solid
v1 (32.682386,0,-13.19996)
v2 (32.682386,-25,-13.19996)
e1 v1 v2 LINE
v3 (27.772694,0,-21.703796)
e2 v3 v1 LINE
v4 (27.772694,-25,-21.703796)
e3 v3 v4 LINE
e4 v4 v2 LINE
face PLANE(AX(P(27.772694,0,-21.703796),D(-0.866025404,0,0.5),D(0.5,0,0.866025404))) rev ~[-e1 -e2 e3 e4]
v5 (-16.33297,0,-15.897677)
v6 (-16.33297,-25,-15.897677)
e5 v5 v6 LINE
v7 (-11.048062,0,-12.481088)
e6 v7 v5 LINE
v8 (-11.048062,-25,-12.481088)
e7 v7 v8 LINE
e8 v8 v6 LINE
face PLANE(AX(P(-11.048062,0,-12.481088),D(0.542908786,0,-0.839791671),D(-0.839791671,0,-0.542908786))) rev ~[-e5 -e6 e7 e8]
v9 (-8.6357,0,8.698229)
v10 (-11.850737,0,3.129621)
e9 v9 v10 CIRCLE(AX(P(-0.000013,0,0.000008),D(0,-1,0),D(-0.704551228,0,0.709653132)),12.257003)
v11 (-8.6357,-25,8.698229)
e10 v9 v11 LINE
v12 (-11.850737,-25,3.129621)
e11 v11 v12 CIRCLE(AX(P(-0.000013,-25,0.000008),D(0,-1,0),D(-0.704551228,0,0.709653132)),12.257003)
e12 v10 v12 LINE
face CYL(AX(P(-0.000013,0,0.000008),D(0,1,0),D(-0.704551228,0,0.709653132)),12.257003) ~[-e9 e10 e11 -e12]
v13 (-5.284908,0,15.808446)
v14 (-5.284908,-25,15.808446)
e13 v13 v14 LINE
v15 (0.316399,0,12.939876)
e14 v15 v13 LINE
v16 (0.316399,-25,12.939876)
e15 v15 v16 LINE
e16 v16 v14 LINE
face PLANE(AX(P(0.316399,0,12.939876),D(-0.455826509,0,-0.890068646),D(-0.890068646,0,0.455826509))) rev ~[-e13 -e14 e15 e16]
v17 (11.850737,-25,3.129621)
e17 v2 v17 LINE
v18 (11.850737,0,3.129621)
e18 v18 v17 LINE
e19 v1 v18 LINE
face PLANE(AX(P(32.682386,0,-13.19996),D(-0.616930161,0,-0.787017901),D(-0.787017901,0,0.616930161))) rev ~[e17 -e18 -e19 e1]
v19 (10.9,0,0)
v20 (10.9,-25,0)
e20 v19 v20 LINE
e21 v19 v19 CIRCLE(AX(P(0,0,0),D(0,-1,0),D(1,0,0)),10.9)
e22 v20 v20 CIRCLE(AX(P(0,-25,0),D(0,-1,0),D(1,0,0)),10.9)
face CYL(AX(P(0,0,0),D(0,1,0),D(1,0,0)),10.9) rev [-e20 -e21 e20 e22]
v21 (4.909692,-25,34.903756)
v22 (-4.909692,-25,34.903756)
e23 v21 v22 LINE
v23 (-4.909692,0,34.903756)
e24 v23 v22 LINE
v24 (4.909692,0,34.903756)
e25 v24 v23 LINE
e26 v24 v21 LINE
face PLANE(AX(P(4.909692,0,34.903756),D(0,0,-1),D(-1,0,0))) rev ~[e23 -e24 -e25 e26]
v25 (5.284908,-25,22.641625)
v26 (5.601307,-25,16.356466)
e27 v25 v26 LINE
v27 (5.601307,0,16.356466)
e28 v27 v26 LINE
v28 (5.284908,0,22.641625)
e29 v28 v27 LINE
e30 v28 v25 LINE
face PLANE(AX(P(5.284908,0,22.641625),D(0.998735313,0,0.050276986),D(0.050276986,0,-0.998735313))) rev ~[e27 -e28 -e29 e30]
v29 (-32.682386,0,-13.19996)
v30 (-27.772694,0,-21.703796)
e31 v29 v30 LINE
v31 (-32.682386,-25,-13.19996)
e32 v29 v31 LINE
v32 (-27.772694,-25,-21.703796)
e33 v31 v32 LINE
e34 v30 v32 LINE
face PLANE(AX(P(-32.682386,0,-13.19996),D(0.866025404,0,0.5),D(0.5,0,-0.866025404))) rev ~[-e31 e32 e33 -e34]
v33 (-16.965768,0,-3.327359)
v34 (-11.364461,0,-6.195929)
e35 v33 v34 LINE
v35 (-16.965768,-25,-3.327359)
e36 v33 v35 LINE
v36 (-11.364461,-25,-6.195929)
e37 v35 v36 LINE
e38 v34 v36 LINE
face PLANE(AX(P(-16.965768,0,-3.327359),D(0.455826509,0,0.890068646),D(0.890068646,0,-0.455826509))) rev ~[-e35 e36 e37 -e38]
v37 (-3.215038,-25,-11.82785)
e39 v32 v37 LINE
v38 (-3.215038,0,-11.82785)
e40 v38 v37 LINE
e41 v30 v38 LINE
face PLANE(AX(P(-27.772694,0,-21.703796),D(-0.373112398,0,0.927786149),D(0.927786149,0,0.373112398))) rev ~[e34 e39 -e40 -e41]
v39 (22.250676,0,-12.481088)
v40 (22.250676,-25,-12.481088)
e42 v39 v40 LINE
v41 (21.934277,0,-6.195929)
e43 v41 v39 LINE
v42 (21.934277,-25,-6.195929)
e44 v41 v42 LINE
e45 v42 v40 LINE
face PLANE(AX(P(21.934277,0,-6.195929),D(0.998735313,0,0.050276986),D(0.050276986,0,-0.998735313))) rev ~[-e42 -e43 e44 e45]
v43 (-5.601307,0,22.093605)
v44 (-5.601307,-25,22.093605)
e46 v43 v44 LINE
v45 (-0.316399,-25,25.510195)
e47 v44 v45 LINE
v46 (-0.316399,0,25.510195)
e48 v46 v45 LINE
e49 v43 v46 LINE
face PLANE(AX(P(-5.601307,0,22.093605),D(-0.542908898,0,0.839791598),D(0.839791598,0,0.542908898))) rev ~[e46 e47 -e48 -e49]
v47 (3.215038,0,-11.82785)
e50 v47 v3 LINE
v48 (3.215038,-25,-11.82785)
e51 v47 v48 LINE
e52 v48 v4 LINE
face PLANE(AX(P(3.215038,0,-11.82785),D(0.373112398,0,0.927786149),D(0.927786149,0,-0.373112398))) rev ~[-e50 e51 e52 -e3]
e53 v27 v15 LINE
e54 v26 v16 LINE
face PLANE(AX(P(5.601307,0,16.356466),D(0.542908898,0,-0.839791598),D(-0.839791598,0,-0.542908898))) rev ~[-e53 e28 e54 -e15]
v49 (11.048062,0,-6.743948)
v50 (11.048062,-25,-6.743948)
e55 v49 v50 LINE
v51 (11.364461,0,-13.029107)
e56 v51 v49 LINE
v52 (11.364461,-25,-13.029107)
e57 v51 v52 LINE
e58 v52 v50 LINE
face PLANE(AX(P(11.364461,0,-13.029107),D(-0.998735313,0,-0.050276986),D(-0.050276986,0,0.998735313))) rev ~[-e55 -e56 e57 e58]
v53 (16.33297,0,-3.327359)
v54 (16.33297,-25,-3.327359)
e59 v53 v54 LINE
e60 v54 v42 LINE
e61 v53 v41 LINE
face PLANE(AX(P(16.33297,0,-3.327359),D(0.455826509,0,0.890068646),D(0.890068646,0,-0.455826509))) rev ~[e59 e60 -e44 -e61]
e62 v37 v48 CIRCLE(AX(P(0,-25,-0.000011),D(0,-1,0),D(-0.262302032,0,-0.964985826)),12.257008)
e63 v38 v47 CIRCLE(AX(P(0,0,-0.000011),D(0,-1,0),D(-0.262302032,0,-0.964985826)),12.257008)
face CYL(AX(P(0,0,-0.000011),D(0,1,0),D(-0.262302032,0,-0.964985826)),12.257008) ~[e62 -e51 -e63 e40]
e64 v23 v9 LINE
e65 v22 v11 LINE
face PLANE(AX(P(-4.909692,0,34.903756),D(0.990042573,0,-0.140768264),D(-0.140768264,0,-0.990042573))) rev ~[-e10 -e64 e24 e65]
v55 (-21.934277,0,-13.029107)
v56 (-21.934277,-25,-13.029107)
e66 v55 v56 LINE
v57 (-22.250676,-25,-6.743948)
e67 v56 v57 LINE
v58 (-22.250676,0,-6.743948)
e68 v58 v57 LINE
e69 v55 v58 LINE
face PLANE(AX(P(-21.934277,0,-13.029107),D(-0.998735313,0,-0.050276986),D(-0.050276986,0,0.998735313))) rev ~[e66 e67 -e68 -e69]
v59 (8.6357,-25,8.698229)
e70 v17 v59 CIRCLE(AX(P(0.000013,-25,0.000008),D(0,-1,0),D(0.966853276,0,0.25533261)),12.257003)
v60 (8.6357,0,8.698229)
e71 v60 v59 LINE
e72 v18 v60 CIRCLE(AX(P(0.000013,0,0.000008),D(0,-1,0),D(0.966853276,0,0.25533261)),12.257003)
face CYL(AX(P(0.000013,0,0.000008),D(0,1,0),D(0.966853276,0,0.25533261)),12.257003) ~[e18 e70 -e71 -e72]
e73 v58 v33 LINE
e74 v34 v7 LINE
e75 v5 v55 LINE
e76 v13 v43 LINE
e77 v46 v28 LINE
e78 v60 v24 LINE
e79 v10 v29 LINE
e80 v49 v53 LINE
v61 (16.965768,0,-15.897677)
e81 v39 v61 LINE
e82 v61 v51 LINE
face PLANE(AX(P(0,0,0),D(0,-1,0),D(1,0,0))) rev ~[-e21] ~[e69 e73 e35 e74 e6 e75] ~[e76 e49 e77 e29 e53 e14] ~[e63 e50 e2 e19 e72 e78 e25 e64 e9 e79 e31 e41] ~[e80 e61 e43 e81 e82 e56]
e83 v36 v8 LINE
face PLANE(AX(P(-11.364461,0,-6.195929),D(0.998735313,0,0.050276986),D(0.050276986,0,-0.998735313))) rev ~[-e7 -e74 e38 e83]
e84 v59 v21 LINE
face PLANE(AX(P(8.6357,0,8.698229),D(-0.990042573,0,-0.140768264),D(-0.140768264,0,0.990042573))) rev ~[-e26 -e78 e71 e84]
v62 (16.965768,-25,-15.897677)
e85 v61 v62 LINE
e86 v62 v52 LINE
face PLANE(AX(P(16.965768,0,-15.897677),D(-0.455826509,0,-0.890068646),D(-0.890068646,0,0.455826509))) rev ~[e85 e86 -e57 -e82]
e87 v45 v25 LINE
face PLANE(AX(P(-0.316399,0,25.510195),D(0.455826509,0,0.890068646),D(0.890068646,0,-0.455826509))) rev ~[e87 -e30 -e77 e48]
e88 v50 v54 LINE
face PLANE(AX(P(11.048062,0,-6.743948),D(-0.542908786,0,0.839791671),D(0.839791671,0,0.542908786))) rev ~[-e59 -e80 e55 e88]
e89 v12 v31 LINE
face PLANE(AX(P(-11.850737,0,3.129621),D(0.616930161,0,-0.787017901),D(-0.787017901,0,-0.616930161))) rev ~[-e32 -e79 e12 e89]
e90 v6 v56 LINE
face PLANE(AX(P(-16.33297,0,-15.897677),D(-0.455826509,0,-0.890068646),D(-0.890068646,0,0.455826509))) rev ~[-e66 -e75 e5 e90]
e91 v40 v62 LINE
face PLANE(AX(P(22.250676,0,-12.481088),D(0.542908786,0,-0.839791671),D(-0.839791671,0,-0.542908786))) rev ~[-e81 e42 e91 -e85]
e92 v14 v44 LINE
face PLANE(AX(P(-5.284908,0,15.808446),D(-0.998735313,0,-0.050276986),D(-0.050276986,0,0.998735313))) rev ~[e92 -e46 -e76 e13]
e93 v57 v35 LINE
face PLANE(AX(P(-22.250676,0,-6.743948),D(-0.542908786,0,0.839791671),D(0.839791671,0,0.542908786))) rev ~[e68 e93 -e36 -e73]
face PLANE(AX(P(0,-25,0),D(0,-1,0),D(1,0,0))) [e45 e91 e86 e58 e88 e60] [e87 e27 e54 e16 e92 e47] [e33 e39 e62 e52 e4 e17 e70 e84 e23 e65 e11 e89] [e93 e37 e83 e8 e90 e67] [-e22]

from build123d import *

# Parameters (mm, degrees)
F0_R     = 10.9
F1_DEPTH = 25


with BuildPart() as f1:
    # F0 (on Front) → F1 (new body)
    with BuildSketch(Plane.XZ):
        with BuildLine():
            Line((-4.909692, 34.903756), (-8.6357, 8.698229))
            ThreePointArc((-8.6357, 8.698229), (-10.61489, 6.128509), (-11.850737, 3.129621))
            Line((-11.850737, 3.129621), (-32.682386, -13.19996))
            Line((-32.682386, -13.19996), (-30.22754, -17.451878))
            Line((-30.22754, -17.451878), (-27.772694, -21.703796))
            Line((-27.772694, -21.703796), (-3.215038, -11.82785))
            ThreePointArc((-3.215038, -11.82785), (0, -12.257019), (3.215038, -11.82785))
            Line((3.215038, -11.82785), (27.772694, -21.703796))
            Line((27.772694, -21.703796), (30.22754, -17.451878))
            Line((30.22754, -17.451878), (32.682386, -13.19996))
            Line((32.682386, -13.19996), (11.850737, 3.129621))
            ThreePointArc((11.850737, 3.129621), (10.61489, 6.128509), (8.6357, 8.698229))
            Line((8.6357, 8.698229), (4.909692, 34.903756))
            Line((4.909692, 34.903756), (0, 34.903756))
            Line((0, 34.903756), (-4.909692, 34.903756))
        make_face()
        Polygon((-16.33297, -15.897677), (-21.934277, -13.029107), (-22.250676, -6.743948), (-16.965768, -3.327359), (-11.364461, -6.195929), (-11.048062, -12.481088), align=None, mode=Mode.SUBTRACT)
        Polygon((21.934277, -6.195929), (22.250676, -12.481088), (16.965768, -15.897677), (11.364461, -13.029107), (11.048062, -6.743948), (16.33297, -3.327359), align=None, mode=Mode.SUBTRACT)
        Circle(F0_R, mode=Mode.SUBTRACT)
        Polygon((5.601307, 16.356466), (0.316399, 12.939876), (-5.284908, 15.808446), (-5.601307, 22.093605), (-0.316399, 25.510195), (5.284908, 22.641625), align=None, mode=Mode.SUBTRACT)
    extrude(amount=F1_DEPTH)


solid = f1.part
